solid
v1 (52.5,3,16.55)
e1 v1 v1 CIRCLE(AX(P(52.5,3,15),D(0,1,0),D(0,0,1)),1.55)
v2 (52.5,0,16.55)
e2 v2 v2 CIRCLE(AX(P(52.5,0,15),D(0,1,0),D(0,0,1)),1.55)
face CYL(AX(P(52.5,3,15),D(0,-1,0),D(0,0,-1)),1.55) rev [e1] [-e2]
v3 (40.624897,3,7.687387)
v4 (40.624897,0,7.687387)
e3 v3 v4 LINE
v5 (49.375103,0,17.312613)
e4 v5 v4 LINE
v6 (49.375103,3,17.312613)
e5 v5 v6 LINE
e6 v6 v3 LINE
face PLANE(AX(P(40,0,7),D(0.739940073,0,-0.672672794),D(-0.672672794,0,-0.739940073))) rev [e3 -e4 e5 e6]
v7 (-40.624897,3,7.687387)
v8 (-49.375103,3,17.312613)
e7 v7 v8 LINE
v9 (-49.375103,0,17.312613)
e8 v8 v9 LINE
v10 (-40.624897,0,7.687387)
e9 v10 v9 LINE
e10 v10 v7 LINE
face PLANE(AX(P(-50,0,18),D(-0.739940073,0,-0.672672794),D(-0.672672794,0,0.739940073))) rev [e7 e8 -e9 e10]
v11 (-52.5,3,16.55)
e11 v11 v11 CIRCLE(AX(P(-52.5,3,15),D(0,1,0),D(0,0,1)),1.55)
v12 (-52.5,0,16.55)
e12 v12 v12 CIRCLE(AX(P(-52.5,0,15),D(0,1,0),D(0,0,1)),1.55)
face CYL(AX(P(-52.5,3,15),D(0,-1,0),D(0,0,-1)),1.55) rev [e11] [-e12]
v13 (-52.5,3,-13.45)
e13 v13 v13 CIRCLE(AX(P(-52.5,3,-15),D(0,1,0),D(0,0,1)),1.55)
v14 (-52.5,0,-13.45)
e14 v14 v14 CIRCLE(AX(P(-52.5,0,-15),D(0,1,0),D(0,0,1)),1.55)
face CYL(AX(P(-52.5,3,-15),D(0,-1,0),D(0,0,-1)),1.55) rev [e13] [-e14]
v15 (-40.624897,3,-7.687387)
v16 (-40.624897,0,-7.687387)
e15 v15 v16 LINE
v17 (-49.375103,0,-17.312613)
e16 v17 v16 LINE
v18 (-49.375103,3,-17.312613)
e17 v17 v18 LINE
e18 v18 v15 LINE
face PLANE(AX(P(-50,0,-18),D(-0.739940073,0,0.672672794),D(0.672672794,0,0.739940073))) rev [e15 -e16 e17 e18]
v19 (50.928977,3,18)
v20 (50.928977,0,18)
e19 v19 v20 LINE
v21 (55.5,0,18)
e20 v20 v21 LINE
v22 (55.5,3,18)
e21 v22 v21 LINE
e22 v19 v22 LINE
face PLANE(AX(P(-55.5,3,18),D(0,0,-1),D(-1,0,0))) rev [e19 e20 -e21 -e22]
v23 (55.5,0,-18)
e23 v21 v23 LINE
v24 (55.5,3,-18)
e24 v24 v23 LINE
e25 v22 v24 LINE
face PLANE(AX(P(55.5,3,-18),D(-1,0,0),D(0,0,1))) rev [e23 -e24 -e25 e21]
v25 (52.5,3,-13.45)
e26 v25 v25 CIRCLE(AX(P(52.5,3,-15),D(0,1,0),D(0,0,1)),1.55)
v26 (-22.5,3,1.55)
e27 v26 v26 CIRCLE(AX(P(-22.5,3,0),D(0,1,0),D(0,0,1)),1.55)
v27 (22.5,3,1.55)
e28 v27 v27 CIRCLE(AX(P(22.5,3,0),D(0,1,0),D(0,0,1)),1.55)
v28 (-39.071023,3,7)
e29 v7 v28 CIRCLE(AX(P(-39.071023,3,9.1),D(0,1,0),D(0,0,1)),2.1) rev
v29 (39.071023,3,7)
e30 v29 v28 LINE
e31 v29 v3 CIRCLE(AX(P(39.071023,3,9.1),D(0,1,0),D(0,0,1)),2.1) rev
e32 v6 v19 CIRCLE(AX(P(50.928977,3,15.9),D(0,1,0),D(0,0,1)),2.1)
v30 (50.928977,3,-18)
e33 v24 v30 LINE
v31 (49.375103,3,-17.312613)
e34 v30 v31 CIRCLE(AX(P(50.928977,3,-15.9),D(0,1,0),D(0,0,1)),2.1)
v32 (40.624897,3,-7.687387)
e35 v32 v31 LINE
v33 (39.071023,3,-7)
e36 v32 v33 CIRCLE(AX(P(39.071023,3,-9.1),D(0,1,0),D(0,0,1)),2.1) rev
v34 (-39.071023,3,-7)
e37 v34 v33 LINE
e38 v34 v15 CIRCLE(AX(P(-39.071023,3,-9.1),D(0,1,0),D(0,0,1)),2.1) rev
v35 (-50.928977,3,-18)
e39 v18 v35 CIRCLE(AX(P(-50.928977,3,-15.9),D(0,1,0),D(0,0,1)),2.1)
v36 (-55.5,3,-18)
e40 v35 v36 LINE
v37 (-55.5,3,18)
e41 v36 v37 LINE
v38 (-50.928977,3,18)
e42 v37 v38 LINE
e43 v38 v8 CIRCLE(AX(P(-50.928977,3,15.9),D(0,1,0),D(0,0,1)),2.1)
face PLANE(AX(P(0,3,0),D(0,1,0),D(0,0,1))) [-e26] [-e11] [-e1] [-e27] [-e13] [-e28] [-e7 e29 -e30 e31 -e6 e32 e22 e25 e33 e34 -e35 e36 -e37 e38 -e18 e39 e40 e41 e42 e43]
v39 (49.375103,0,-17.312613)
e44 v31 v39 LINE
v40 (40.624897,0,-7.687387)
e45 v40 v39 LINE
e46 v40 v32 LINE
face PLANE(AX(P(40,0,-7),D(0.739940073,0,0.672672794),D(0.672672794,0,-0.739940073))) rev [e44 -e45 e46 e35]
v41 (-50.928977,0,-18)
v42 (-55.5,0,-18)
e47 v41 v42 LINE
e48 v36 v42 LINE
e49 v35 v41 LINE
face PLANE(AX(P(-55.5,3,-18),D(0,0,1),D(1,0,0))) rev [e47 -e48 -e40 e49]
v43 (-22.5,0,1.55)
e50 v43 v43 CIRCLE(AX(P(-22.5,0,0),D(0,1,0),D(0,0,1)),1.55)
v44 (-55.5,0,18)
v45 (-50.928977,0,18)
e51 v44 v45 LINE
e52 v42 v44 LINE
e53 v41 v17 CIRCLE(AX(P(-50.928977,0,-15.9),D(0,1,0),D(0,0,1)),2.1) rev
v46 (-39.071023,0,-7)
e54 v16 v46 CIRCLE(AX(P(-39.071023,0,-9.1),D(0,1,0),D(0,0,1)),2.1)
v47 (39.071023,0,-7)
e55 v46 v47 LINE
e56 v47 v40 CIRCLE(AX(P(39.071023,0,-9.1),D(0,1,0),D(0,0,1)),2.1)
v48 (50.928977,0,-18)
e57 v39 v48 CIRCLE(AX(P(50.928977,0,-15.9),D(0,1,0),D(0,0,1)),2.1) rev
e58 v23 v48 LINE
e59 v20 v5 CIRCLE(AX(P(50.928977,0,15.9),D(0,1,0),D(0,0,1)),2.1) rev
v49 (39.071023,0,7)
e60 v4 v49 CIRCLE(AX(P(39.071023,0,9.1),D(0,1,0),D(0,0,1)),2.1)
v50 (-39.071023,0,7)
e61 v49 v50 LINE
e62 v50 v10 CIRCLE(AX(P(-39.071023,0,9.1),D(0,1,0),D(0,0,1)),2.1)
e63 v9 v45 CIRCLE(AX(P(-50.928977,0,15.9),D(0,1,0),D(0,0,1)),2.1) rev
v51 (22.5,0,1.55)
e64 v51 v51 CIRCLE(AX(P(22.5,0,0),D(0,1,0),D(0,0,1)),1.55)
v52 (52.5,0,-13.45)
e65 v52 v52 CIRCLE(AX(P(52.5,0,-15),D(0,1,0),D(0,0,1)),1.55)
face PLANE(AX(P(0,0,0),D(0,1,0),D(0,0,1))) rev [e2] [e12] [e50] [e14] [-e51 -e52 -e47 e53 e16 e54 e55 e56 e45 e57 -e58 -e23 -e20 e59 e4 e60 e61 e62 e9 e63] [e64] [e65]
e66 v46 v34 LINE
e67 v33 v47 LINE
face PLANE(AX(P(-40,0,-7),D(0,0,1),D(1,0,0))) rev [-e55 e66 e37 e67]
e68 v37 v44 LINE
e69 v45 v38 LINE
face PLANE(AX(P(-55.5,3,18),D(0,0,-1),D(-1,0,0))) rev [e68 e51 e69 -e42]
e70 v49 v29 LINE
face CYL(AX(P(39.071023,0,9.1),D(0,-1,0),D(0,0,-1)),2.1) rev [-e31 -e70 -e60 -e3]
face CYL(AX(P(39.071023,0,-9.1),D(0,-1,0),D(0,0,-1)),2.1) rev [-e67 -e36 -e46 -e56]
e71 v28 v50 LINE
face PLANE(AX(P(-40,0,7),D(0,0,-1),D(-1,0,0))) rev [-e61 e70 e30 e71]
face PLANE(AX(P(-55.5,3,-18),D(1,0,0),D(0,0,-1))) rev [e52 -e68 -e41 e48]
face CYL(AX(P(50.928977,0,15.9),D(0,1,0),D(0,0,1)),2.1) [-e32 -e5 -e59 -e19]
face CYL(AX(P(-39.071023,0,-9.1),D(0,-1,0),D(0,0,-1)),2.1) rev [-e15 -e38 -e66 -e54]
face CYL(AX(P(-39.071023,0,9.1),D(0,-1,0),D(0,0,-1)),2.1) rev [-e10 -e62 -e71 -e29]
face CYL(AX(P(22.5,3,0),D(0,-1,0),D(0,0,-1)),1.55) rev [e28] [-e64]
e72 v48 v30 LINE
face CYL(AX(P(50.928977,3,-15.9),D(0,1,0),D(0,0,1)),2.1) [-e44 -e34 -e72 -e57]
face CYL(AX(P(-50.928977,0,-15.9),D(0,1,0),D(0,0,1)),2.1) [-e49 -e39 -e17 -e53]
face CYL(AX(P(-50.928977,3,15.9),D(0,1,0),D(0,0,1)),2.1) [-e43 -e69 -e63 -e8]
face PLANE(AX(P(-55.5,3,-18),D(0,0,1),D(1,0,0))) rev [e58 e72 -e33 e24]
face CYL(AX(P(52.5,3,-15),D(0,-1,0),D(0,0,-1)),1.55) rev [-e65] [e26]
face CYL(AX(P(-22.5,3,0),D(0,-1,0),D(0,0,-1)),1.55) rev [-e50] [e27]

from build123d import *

# Parameters (mm, degrees)
SKETCH_1_W          = 111
SKETCH_1_H          = 36
SKETCH_1_R          = 1.55
EXTRUDE_1_DEPTH     = 3
CUT_EXTRUDE_1_DEPTH = 59.423026282
FILLET_2_R          = 2.1


with BuildPart() as part:
    # ｽｹｯﾁ1 → ﾎﾞｽ - 押し出し1 (new body)
    with BuildSketch(Plane(origin=(0, 0, 0), x_dir=(1, 0, 0), z_dir=(0, 1, 0))):
        Rectangle(SKETCH_1_W, SKETCH_1_H)
        with Locations(Location((-52.5, 15, 0), (0, 0, 270))):
            Circle(SKETCH_1_R, mode=Mode.SUBTRACT)
        with Locations(Location((-52.5, -15, 0), (0, 0, 270))):
            Circle(SKETCH_1_R, mode=Mode.SUBTRACT)
        with Locations(Location((52.5, -15, 0), (0, 0, 270))):
            Circle(SKETCH_1_R, mode=Mode.SUBTRACT)
        with Locations(Location((52.5, 15, 0), (0, 0, 270))):
            Circle(SKETCH_1_R, mode=Mode.SUBTRACT)
        with Locations(Location((-22.5, 0, 0), (0, 0, 270))):
            Circle(SKETCH_1_R, mode=Mode.SUBTRACT)
        with Locations(Location((22.5, 0, 0), (0, 0, 270))):
            Circle(SKETCH_1_R, mode=Mode.SUBTRACT)
    extrude(amount=EXTRUDE_1_DEPTH)

    # ｽｹｯﾁ2 → ｶｯﾄ - 押し出し1 (cut, through all)
    with BuildSketch(Plane(origin=(0, 3, 0), x_dir=(1, 0, 0), z_dir=(0, 1, 0))):
        Polygon((-50, 18), (-40, 7), (40, 7), (50, 18), align=None)
        Polygon((50, -18), (-50, -18), (-40, -7), (40, -7), align=None)
    extrude(amount=-CUT_EXTRUDE_1_DEPTH, mode=Mode.SUBTRACT)

    # ﾌｨﾚｯﾄ2
    fillet_2_edges = [part.edges().sort_by_distance(p)[0] for p in [
        (-50, 1.5, -18),
        (50, 1.5, -18),
        (40, 1.5, -7),
        (-40, 1.5, -7),
        (40, 1.5, 7),
        (50, 1.5, 18),
        (-50, 1.5, 18),
        (-40, 1.5, 7),
    ]]
    fillet(fillet_2_edges, radius=FILLET_2_R)


solid = part.part
